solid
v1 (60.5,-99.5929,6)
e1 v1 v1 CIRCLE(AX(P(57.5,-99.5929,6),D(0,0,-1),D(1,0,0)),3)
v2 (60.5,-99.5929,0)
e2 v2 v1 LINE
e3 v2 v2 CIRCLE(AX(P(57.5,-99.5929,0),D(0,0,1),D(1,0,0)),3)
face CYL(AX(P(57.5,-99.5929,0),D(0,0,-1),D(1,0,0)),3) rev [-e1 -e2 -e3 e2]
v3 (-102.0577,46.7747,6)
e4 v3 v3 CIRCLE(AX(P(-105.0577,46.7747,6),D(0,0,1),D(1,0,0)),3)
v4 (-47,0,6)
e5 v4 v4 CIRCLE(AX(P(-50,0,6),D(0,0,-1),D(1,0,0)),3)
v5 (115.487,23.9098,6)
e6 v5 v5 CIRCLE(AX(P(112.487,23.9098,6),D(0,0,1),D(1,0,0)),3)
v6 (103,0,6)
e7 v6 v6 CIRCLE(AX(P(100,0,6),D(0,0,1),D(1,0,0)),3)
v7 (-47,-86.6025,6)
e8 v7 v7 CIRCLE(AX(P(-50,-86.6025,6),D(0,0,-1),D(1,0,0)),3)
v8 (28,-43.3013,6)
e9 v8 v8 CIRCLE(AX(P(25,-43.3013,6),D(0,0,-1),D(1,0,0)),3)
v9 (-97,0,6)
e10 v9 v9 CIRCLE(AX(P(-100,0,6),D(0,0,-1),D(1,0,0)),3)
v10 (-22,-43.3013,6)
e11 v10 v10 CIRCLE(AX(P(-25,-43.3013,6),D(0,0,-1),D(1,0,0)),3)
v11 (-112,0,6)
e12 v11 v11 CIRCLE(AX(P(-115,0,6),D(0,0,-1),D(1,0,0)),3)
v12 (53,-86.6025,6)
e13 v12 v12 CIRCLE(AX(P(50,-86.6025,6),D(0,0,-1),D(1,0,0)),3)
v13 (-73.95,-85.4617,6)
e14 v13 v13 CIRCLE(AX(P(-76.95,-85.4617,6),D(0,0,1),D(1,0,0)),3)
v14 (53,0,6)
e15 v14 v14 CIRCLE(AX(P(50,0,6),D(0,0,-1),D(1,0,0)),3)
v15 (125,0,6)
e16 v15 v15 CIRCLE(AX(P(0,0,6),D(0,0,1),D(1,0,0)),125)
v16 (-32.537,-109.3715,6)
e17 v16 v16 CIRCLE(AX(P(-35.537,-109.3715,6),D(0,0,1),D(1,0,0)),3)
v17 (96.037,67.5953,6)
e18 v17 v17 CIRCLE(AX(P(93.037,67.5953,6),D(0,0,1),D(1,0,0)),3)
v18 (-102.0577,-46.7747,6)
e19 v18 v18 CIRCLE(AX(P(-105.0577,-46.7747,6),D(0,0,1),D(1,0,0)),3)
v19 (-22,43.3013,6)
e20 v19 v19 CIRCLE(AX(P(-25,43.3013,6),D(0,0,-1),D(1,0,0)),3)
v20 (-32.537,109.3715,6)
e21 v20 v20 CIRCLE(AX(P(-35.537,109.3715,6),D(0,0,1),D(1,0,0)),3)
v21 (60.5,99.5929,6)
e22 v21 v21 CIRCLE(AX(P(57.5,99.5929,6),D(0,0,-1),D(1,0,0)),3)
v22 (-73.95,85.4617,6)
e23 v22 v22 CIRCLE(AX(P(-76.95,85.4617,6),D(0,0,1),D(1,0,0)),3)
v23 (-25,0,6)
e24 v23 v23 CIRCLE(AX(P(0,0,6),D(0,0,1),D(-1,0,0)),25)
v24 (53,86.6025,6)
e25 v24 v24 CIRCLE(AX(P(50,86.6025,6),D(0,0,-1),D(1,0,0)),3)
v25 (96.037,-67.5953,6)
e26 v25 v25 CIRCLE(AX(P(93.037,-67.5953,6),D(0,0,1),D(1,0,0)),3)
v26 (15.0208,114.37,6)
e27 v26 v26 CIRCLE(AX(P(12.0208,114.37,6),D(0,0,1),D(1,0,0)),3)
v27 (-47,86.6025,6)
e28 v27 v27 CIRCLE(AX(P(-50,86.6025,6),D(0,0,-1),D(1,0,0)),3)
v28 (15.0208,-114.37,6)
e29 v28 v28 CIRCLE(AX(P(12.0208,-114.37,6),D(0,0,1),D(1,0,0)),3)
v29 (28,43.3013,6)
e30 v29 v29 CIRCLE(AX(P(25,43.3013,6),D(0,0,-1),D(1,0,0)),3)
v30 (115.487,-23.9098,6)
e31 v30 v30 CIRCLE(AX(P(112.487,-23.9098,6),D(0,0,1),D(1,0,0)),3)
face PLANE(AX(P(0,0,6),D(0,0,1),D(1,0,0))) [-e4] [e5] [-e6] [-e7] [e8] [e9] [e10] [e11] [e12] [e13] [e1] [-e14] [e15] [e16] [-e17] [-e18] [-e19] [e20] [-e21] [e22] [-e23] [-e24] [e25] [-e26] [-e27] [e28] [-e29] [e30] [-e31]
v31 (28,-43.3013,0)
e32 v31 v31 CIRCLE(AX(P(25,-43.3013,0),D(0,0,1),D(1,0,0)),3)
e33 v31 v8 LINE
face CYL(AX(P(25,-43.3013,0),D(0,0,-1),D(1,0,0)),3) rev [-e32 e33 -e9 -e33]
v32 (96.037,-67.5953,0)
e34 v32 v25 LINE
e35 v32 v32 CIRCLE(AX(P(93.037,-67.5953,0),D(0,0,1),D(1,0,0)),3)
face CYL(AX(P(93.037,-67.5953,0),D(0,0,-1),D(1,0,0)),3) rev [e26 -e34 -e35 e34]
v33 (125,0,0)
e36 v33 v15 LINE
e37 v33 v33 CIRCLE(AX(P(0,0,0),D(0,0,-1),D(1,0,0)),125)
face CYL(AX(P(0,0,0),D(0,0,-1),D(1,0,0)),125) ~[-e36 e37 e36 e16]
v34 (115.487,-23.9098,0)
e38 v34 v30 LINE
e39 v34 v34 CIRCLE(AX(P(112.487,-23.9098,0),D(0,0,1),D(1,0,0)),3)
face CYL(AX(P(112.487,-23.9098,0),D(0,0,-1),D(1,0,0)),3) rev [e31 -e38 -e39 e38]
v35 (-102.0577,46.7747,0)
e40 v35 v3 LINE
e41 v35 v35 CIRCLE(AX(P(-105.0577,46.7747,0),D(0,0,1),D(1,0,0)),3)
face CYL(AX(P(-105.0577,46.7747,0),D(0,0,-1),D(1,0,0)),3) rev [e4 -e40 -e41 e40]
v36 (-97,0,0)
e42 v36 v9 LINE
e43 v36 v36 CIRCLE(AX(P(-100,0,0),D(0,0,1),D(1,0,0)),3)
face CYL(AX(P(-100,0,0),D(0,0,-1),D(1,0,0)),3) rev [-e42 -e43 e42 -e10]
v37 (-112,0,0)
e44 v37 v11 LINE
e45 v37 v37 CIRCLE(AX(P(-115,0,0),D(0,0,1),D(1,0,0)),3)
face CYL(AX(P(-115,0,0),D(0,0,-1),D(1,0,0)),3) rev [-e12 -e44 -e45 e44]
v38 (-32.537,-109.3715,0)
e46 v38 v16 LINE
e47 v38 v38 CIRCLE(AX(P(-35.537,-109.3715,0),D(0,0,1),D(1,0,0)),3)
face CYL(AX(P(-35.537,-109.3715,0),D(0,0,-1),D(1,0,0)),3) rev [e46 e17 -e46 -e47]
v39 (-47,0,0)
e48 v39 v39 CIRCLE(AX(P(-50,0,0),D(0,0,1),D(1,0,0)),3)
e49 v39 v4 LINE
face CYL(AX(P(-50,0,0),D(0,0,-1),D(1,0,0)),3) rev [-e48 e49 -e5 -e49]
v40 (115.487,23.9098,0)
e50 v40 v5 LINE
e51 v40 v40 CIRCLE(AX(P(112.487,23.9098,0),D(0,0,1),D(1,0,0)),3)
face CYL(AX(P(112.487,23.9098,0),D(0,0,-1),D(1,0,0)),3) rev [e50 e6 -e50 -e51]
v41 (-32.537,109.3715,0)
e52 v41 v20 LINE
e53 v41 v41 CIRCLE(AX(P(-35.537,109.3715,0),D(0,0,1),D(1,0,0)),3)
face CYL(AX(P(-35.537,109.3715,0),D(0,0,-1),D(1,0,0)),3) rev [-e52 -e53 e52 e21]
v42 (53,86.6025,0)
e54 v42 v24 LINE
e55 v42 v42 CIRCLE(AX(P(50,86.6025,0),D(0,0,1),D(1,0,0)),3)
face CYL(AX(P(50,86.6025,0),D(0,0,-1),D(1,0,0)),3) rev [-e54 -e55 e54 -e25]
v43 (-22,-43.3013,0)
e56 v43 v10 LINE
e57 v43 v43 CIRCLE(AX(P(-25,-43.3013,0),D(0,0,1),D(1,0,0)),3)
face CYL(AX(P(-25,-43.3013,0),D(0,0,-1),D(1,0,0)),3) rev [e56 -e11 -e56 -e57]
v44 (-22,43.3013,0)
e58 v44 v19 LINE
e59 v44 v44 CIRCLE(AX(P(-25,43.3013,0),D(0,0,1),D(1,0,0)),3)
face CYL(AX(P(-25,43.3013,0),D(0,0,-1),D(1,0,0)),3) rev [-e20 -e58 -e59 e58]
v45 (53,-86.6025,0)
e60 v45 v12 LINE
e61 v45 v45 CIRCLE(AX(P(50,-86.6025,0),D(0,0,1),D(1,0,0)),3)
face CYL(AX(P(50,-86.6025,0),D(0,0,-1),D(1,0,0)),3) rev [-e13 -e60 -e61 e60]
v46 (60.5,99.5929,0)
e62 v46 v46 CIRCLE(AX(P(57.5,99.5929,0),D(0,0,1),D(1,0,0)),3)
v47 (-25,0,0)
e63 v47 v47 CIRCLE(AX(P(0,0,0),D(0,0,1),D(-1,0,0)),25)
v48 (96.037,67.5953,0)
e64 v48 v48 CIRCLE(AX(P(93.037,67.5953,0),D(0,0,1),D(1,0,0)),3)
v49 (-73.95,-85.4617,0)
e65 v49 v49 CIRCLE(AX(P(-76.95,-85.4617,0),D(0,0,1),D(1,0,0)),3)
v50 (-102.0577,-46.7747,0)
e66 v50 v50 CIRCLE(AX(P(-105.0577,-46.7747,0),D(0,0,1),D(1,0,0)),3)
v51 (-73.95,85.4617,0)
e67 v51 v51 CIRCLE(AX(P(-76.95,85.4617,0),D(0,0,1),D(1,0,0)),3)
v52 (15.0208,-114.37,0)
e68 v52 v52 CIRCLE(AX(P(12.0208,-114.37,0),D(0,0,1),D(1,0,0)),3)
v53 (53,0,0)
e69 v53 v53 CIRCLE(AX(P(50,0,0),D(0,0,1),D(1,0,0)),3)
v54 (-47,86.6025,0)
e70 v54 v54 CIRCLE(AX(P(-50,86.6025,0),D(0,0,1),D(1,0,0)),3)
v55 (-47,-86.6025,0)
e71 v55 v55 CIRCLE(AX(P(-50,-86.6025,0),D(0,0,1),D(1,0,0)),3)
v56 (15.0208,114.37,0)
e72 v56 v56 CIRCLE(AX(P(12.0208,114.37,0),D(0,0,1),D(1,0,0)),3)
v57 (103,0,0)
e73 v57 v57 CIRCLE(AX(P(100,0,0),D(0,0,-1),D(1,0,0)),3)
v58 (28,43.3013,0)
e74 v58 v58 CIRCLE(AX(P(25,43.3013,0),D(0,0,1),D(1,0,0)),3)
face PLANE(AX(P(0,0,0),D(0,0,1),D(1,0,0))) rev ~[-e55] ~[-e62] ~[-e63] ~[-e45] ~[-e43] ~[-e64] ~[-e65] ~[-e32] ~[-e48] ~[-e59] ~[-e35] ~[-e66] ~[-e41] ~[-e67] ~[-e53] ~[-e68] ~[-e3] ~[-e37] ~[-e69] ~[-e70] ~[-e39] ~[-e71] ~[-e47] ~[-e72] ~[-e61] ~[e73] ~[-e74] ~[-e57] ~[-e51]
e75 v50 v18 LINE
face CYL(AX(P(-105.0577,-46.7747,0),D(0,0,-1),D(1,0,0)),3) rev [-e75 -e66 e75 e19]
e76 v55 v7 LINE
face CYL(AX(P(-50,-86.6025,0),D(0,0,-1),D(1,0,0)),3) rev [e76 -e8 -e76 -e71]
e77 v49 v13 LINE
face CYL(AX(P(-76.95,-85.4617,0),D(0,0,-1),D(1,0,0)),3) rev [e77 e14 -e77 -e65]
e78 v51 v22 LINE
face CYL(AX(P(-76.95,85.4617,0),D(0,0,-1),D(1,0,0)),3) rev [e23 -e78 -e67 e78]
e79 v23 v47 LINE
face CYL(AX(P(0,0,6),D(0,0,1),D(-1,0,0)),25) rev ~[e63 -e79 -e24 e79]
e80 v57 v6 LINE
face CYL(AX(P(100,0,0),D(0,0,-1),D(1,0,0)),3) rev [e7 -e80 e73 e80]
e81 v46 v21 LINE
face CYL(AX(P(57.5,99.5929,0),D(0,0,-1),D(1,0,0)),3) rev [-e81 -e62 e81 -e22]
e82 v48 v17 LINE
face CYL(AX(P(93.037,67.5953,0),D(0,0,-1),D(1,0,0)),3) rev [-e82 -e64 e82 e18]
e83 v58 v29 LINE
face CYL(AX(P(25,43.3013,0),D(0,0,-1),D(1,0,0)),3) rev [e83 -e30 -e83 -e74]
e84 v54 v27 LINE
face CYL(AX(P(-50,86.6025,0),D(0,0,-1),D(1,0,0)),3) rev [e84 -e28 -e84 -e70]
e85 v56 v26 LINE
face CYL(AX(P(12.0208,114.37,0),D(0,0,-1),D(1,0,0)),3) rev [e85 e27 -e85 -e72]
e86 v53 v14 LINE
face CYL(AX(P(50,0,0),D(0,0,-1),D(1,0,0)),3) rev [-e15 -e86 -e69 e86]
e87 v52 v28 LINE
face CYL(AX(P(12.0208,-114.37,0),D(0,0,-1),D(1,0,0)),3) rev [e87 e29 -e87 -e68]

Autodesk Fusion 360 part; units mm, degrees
sketch "Sketch1" plane through (0, 0, 0) normal (0, 0, 1) x (1, 0, 0)
  circle A0 centre (0, 0) radius 125
  line L0 (0, 0) -> (125, 0)
  line L1 (0, 0) -> (-62.5, 108.2532)
  line L2 (0, 0) -> (-62.5, -108.2532)
  line L3 (0, 0) -> (125, 0) construction
  line L4 (0, 0) -> (100, 0)
  line L5 (0, 0) -> (50, 0)
  line L6 (0, 0) -> (-3.1039, 5.3762)
  line L7 (0, 0) -> (-25, 43.3013)
  line L8 (-25, 43.3013) -> (-50, 86.6025)
  line L9 (0, 0) -> (-25, -43.3013)
  line L10 (-25, -43.3013) -> (-50, -86.6025)
  line L11 (0, 0) -> (62.5, -108.2532)
  line L12 (0, 0) -> (125, 0) construction
  line L13 (0, 0) -> (-125, 0)
  line L14 (0, 0) -> (62.5, 108.2532)
  circle A1 centre (-25, 43.3013) radius 3
  circle A2 centre (-50, 86.6025) radius 3
  circle A3 centre (50, 0) radius 3
  circle A4 centre (100, 0) radius 3
  circle A5 centre (-25, -43.3013) radius 3
  circle A6 centre (-50, -86.6025) radius 3
  line L15 (0, 0) -> (-100, 0)
  line L16 (0, 0) -> (2.1092, 3.6532)
  line L17 (0, 0) -> (50, 86.6025)
  line L18 (0, 0) -> (50, -86.6025)
  circle A7 centre (50, -86.6025) radius 3
  circle A8 centre (25, -43.3013) radius 3
  circle A9 centre (-50, 0) radius 3
  circle A10 centre (-100, 0) radius 3
  line L19 (0, 0) -> (50, 86.6025)
  circle A11 centre (25, 43.3013) radius 3
  circle A12 centre (50, 86.6025) radius 3
  line L20 (-125, 0) -> (-115, 0)
  circle A13 centre (-115, 0) radius 3
  circle A14 centre (-105.0577, -46.7747) radius 3
  circle A15 centre (-76.95, -85.4617) radius 3
  circle A16 centre (-35.537, -109.3715) radius 3
  circle A17 centre (12.0208, -114.37) radius 3
  circle A18 centre (57.5, -99.5929) radius 3
  circle A19 centre (93.037, -67.5953) radius 3
  circle A20 centre (112.487, -23.9098) radius 3
  circle A21 centre (112.487, 23.9098) radius 3
  circle A22 centre (93.037, 67.5953) radius 3
  circle A23 centre (57.5, 99.5929) radius 3
  circle A24 centre (12.0208, 114.37) radius 3
  circle A25 centre (-35.537, 109.3715) radius 3
  circle A26 centre (-76.95, 85.4617) radius 3
  circle A27 centre (-105.0577, 46.7747) radius 3
  dimension "d1" = 250
  dimension "d2" = 60
  dimension "d3" = 120
  dimension "d4" = 100
  dimension "d5" = 50
  dimension "d6" = 50
  dimension "d7" = 50
  dimension "d8" = 50
  dimension "d9" = 50
  dimension "d10" = 60
  dimension "d11" = 60
  dimension "d12" = 6
  dimension "d13" = 6
  dimension "d14" = 6
  dimension "d15" = 6
  dimension "d16" = 6
  dimension "d17" = 6
  dimension "d18" = 100
  dimension "d19" = 100
  dimension "d20" = 100
  dimension "d21" = 6
  dimension "d22" = 6
  dimension "d23" = 6
  dimension "d24" = 6
  dimension "d25" = 100
  dimension "d26" = 6
  dimension "d27" = 6
  dimension "d28" = 10
  dimension "d29" = 6
  dimension "d31" = 360
extrude "Extrude1" add sketch "Sketch1" along normal blind 6 contours A0 L0 L4 L5 L14 A3 A4 L16 L17 L19 A11 A12 A23 | A0 L0 L4 L5 L11 A3 A4 L18 A7 A8 A18 | A0 L1 L6 L7 L8 L14 A1 A2 L16 L17 L19 A11 A12 A23 | A0 L2 L9 L10 L11 A5 A6 L18 A7 A8 A18 | A0 L1 L6 L7 L8 L13 A1 A2 L15 A9 A10 L20 A13 | A0 L2 L9 L10 L13 A5 A6 L15 A9 A10 L20 A13
sketch "Sketch2" plane through (0, 0, 6) normal (0, 0, 1) x (-1, 0, 0)
  circle A0 centre (-93.037, 67.5953) radius 3
  circle A1 centre (-25, -43.3013) radius 3
  circle A2 centre (105.0577, -46.7747) radius 3
  circle A3 centre (50, 0) radius 3
  circle A4 centre (-50, -86.6025) radius 3
  circle A5 centre (105.0577, 46.7747) radius 3
  circle A6 centre (25, 43.3013) radius 3
  circle A7 centre (-57.5, 99.5929) radius 3
  circle A8 centre (-93.037, -67.5953) radius 3
  circle A9 centre (76.95, 85.4617) radius 3
  circle A10 centre (-57.5, -99.5929) radius 3
  circle A11 centre (50, 86.6025) radius 3
  circle A12 centre (-112.487, 23.9098) radius 3
  circle A13 centre (35.537, -109.3715) radius 3
  circle A14 centre (-12.0208, -114.37) radius 3
  circle A15 centre (-112.487, -23.9098) radius 3
  circle A16 centre (50, -86.6025) radius 3
  circle A17 centre (76.95, -85.4617) radius 3
  circle A18 centre (-50, 0) radius 3
  circle A19 centre (-100, 0) radius 3
  circle A20 centre (100, 0) radius 3
  circle A21 centre (115, 0) radius 3
  circle A22 centre (-50, 86.6025) radius 3
  circle A23 centre (-12.0208, 114.37) radius 3
  circle A24 centre (35.537, 109.3715) radius 3
  circle A25 centre (25, -43.3013) radius 3
  circle A26 centre (-25, 43.3013) radius 3
  circle A27 centre (0, 0) radius 125
  circle A28 centre (0, 0) radius 25
extrude "Extrude2" cut sketch "Sketch2" against normal blind 6 contours A28
